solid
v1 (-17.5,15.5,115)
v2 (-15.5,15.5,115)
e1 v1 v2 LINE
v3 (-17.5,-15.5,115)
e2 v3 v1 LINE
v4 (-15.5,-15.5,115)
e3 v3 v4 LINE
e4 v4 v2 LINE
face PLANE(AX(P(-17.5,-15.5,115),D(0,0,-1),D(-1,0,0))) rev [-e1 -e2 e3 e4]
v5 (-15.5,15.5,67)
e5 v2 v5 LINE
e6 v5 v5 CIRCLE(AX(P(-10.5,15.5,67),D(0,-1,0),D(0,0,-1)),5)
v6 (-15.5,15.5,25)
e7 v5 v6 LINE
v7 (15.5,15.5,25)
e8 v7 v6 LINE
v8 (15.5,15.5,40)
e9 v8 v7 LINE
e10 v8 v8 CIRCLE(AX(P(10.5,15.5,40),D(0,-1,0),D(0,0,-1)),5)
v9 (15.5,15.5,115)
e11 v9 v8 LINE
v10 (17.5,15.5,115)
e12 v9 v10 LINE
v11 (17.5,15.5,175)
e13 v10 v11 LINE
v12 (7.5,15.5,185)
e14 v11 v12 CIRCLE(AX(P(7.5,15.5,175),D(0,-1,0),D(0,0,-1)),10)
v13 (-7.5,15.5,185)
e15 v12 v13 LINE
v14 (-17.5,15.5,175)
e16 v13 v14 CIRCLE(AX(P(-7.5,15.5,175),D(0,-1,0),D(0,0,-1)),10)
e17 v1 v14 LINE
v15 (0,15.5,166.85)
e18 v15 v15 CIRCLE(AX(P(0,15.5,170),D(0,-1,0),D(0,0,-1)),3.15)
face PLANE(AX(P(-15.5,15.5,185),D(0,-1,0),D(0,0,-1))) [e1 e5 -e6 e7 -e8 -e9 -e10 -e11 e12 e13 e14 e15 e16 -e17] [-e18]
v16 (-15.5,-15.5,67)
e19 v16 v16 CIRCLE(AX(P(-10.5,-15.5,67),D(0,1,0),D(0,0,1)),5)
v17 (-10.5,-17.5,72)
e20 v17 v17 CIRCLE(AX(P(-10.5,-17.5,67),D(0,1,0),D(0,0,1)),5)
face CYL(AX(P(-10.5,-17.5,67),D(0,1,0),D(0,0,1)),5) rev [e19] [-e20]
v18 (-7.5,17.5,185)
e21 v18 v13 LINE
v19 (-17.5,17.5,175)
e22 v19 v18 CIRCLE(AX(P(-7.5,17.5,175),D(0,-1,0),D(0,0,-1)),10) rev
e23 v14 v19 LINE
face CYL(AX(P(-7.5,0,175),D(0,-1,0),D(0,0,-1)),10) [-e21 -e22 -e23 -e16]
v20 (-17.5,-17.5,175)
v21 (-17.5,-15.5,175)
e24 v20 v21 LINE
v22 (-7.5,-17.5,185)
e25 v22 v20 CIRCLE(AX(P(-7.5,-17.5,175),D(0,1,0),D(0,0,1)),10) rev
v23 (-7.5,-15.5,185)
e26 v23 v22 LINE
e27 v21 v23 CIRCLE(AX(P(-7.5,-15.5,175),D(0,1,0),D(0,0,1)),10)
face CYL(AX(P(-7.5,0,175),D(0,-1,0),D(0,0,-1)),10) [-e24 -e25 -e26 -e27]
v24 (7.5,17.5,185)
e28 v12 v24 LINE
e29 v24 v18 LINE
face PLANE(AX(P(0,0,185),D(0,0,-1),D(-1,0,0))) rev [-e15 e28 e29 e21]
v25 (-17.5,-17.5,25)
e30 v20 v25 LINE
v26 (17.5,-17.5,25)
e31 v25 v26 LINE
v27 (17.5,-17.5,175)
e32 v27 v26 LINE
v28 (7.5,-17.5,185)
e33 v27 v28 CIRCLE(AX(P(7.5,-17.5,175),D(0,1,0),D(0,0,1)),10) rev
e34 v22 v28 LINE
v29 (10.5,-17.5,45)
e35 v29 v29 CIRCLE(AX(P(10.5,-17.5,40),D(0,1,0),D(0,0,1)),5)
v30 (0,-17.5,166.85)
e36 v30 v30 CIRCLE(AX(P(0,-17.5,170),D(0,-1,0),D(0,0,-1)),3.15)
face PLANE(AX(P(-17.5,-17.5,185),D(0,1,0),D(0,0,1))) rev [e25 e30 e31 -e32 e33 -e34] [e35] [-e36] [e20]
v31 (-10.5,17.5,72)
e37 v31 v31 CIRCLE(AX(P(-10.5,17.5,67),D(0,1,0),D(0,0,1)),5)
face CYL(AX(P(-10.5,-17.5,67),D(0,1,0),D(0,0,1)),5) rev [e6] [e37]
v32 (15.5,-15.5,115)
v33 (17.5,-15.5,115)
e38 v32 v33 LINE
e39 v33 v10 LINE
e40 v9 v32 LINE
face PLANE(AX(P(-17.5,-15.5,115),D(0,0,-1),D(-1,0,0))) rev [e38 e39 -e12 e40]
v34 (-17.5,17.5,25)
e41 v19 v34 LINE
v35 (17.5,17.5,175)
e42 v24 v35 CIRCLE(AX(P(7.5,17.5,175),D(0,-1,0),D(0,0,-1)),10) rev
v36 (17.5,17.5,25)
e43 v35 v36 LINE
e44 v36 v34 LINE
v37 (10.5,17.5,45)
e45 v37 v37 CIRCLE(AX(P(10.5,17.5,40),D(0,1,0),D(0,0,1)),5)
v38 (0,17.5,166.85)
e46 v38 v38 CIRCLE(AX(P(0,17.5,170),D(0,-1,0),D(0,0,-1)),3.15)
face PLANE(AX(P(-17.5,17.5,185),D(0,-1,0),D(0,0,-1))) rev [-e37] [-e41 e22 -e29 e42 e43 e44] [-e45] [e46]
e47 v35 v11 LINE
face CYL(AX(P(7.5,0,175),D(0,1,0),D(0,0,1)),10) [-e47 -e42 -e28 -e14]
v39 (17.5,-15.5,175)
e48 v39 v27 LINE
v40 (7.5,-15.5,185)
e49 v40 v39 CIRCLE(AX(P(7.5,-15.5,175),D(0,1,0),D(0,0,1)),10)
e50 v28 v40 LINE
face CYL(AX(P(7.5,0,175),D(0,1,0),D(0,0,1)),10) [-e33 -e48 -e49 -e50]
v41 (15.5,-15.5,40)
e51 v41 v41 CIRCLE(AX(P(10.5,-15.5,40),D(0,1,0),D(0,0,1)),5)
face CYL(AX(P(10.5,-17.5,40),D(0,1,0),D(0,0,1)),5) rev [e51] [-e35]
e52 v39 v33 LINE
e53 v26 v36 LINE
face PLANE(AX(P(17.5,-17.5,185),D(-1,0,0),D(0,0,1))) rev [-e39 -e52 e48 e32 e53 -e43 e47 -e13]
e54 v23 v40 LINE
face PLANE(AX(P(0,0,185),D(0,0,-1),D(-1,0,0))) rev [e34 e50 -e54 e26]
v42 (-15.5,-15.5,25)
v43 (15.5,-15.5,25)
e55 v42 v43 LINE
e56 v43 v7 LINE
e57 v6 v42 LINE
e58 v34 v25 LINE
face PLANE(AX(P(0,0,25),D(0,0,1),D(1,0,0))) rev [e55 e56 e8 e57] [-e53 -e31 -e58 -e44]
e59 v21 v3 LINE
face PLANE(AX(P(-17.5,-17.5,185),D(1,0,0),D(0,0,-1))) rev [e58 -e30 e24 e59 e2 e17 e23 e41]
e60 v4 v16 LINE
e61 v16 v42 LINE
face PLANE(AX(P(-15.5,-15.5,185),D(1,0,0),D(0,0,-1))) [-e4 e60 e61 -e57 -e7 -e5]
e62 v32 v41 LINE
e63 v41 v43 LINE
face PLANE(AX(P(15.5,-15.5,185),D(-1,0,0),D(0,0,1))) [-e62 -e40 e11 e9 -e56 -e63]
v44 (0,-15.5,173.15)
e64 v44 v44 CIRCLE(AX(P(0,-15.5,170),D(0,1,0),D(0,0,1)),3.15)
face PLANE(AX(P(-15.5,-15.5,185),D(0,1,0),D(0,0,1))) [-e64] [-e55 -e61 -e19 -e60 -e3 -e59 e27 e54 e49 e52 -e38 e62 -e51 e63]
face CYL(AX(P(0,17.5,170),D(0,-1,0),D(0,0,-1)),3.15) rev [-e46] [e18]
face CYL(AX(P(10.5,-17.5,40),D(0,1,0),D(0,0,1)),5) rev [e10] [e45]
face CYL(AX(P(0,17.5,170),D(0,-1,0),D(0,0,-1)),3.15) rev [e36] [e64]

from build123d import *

# Parameters (mm, degrees)
SKIZZE1_W                       = 35
SKIZZE1_H                       = 35
SKIZZE1_W_2                     = 31
SKIZZE1_H_2                     = 31
AUFSATZ_LINEAR_AUSTRAGEN1_DEPTH = 185
SKIZZE6_W                       = 70
SKIZZE6_H                       = 31
SCHNITT_LINEAR_AUSTRAGEN1_DEPTH = 190.093230974
SKIZZE7_R                       = 3.15
SCHNITT_LINEAR_AUSTRAGEN2_DEPTH = 190.093230974
VERRUNDUNG1_R                   = 10
SKIZZE10_W                      = 39.330921978
SKIZZE10_H                      = 37.025640666
SCHNITT_LINEAR_AUSTRAGEN3_DEPTH = 25
SKIZZE11_R                      = 5
SCHNITT_LINEAR_AUSTRAGEN4_DEPTH = 190.093230974


with BuildPart() as part:
    # Skizze1 → Aufsatz-Linear austragen1 (new body)
    with BuildSketch(Plane.XY):
        Rectangle(SKIZZE1_W, SKIZZE1_H)
        Rectangle(SKIZZE1_W_2, SKIZZE1_H_2, mode=Mode.SUBTRACT)
    extrude(amount=AUFSATZ_LINEAR_AUSTRAGEN1_DEPTH)

    # Skizze6 → Schnitt-Linear austragen1 (cut, through all)
    with BuildSketch(Plane(origin=(17.5, 0, 0), x_dir=(0, 0, -1), z_dir=(1, 0, 0))):
        with Locations((-150, 0)):
            Rectangle(SKIZZE6_W, SKIZZE6_H)
    extrude(amount=-SCHNITT_LINEAR_AUSTRAGEN1_DEPTH, mode=Mode.SUBTRACT)

    # Skizze7 → Schnitt-Linear austragen2 (cut, through all)
    with BuildSketch(Plane.XZ.offset(17.5)):
        with Locations(Location((0, 170, 0), (0, 0, 270))):
            Circle(SKIZZE7_R)
    extrude(amount=-SCHNITT_LINEAR_AUSTRAGEN2_DEPTH, mode=Mode.SUBTRACT)

    # Verrundung1
    verrundung1_edges = [part.edges().sort_by_distance(p)[0] for p in [
        (-17.5, 16.5, 185),
        (-17.5, -16.5, 185),
        (17.5, 16.5, 185),
        (17.5, -16.5, 185),
    ]]
    fillet(verrundung1_edges, radius=VERRUNDUNG1_R)

    # Skizze10 → Schnitt-Linear austragen3 (cut)
    with BuildSketch(Plane(origin=(0, 0, 0), x_dir=(-1, 0, 0), z_dir=(0, 0, -1))):
        Rectangle(SKIZZE10_W, SKIZZE10_H)
    extrude(amount=-SCHNITT_LINEAR_AUSTRAGEN3_DEPTH, mode=Mode.SUBTRACT)

    # Skizze11 → Schnitt-Linear austragen4 (cut, through all)
    with BuildSketch(Plane(origin=(0, 17.5, 0), x_dir=(1, 0, 0), z_dir=(0, 1, 0))):
        with Locations(Location((10.5, -40, 0), (0, 0, 270))):
            Circle(SKIZZE11_R)
        with Locations(Location((-10.5, -67, 0), (0, 0, 270))):
            Circle(SKIZZE11_R)
    extrude(amount=-SCHNITT_LINEAR_AUSTRAGEN4_DEPTH, mode=Mode.SUBTRACT)


solid = part.part
